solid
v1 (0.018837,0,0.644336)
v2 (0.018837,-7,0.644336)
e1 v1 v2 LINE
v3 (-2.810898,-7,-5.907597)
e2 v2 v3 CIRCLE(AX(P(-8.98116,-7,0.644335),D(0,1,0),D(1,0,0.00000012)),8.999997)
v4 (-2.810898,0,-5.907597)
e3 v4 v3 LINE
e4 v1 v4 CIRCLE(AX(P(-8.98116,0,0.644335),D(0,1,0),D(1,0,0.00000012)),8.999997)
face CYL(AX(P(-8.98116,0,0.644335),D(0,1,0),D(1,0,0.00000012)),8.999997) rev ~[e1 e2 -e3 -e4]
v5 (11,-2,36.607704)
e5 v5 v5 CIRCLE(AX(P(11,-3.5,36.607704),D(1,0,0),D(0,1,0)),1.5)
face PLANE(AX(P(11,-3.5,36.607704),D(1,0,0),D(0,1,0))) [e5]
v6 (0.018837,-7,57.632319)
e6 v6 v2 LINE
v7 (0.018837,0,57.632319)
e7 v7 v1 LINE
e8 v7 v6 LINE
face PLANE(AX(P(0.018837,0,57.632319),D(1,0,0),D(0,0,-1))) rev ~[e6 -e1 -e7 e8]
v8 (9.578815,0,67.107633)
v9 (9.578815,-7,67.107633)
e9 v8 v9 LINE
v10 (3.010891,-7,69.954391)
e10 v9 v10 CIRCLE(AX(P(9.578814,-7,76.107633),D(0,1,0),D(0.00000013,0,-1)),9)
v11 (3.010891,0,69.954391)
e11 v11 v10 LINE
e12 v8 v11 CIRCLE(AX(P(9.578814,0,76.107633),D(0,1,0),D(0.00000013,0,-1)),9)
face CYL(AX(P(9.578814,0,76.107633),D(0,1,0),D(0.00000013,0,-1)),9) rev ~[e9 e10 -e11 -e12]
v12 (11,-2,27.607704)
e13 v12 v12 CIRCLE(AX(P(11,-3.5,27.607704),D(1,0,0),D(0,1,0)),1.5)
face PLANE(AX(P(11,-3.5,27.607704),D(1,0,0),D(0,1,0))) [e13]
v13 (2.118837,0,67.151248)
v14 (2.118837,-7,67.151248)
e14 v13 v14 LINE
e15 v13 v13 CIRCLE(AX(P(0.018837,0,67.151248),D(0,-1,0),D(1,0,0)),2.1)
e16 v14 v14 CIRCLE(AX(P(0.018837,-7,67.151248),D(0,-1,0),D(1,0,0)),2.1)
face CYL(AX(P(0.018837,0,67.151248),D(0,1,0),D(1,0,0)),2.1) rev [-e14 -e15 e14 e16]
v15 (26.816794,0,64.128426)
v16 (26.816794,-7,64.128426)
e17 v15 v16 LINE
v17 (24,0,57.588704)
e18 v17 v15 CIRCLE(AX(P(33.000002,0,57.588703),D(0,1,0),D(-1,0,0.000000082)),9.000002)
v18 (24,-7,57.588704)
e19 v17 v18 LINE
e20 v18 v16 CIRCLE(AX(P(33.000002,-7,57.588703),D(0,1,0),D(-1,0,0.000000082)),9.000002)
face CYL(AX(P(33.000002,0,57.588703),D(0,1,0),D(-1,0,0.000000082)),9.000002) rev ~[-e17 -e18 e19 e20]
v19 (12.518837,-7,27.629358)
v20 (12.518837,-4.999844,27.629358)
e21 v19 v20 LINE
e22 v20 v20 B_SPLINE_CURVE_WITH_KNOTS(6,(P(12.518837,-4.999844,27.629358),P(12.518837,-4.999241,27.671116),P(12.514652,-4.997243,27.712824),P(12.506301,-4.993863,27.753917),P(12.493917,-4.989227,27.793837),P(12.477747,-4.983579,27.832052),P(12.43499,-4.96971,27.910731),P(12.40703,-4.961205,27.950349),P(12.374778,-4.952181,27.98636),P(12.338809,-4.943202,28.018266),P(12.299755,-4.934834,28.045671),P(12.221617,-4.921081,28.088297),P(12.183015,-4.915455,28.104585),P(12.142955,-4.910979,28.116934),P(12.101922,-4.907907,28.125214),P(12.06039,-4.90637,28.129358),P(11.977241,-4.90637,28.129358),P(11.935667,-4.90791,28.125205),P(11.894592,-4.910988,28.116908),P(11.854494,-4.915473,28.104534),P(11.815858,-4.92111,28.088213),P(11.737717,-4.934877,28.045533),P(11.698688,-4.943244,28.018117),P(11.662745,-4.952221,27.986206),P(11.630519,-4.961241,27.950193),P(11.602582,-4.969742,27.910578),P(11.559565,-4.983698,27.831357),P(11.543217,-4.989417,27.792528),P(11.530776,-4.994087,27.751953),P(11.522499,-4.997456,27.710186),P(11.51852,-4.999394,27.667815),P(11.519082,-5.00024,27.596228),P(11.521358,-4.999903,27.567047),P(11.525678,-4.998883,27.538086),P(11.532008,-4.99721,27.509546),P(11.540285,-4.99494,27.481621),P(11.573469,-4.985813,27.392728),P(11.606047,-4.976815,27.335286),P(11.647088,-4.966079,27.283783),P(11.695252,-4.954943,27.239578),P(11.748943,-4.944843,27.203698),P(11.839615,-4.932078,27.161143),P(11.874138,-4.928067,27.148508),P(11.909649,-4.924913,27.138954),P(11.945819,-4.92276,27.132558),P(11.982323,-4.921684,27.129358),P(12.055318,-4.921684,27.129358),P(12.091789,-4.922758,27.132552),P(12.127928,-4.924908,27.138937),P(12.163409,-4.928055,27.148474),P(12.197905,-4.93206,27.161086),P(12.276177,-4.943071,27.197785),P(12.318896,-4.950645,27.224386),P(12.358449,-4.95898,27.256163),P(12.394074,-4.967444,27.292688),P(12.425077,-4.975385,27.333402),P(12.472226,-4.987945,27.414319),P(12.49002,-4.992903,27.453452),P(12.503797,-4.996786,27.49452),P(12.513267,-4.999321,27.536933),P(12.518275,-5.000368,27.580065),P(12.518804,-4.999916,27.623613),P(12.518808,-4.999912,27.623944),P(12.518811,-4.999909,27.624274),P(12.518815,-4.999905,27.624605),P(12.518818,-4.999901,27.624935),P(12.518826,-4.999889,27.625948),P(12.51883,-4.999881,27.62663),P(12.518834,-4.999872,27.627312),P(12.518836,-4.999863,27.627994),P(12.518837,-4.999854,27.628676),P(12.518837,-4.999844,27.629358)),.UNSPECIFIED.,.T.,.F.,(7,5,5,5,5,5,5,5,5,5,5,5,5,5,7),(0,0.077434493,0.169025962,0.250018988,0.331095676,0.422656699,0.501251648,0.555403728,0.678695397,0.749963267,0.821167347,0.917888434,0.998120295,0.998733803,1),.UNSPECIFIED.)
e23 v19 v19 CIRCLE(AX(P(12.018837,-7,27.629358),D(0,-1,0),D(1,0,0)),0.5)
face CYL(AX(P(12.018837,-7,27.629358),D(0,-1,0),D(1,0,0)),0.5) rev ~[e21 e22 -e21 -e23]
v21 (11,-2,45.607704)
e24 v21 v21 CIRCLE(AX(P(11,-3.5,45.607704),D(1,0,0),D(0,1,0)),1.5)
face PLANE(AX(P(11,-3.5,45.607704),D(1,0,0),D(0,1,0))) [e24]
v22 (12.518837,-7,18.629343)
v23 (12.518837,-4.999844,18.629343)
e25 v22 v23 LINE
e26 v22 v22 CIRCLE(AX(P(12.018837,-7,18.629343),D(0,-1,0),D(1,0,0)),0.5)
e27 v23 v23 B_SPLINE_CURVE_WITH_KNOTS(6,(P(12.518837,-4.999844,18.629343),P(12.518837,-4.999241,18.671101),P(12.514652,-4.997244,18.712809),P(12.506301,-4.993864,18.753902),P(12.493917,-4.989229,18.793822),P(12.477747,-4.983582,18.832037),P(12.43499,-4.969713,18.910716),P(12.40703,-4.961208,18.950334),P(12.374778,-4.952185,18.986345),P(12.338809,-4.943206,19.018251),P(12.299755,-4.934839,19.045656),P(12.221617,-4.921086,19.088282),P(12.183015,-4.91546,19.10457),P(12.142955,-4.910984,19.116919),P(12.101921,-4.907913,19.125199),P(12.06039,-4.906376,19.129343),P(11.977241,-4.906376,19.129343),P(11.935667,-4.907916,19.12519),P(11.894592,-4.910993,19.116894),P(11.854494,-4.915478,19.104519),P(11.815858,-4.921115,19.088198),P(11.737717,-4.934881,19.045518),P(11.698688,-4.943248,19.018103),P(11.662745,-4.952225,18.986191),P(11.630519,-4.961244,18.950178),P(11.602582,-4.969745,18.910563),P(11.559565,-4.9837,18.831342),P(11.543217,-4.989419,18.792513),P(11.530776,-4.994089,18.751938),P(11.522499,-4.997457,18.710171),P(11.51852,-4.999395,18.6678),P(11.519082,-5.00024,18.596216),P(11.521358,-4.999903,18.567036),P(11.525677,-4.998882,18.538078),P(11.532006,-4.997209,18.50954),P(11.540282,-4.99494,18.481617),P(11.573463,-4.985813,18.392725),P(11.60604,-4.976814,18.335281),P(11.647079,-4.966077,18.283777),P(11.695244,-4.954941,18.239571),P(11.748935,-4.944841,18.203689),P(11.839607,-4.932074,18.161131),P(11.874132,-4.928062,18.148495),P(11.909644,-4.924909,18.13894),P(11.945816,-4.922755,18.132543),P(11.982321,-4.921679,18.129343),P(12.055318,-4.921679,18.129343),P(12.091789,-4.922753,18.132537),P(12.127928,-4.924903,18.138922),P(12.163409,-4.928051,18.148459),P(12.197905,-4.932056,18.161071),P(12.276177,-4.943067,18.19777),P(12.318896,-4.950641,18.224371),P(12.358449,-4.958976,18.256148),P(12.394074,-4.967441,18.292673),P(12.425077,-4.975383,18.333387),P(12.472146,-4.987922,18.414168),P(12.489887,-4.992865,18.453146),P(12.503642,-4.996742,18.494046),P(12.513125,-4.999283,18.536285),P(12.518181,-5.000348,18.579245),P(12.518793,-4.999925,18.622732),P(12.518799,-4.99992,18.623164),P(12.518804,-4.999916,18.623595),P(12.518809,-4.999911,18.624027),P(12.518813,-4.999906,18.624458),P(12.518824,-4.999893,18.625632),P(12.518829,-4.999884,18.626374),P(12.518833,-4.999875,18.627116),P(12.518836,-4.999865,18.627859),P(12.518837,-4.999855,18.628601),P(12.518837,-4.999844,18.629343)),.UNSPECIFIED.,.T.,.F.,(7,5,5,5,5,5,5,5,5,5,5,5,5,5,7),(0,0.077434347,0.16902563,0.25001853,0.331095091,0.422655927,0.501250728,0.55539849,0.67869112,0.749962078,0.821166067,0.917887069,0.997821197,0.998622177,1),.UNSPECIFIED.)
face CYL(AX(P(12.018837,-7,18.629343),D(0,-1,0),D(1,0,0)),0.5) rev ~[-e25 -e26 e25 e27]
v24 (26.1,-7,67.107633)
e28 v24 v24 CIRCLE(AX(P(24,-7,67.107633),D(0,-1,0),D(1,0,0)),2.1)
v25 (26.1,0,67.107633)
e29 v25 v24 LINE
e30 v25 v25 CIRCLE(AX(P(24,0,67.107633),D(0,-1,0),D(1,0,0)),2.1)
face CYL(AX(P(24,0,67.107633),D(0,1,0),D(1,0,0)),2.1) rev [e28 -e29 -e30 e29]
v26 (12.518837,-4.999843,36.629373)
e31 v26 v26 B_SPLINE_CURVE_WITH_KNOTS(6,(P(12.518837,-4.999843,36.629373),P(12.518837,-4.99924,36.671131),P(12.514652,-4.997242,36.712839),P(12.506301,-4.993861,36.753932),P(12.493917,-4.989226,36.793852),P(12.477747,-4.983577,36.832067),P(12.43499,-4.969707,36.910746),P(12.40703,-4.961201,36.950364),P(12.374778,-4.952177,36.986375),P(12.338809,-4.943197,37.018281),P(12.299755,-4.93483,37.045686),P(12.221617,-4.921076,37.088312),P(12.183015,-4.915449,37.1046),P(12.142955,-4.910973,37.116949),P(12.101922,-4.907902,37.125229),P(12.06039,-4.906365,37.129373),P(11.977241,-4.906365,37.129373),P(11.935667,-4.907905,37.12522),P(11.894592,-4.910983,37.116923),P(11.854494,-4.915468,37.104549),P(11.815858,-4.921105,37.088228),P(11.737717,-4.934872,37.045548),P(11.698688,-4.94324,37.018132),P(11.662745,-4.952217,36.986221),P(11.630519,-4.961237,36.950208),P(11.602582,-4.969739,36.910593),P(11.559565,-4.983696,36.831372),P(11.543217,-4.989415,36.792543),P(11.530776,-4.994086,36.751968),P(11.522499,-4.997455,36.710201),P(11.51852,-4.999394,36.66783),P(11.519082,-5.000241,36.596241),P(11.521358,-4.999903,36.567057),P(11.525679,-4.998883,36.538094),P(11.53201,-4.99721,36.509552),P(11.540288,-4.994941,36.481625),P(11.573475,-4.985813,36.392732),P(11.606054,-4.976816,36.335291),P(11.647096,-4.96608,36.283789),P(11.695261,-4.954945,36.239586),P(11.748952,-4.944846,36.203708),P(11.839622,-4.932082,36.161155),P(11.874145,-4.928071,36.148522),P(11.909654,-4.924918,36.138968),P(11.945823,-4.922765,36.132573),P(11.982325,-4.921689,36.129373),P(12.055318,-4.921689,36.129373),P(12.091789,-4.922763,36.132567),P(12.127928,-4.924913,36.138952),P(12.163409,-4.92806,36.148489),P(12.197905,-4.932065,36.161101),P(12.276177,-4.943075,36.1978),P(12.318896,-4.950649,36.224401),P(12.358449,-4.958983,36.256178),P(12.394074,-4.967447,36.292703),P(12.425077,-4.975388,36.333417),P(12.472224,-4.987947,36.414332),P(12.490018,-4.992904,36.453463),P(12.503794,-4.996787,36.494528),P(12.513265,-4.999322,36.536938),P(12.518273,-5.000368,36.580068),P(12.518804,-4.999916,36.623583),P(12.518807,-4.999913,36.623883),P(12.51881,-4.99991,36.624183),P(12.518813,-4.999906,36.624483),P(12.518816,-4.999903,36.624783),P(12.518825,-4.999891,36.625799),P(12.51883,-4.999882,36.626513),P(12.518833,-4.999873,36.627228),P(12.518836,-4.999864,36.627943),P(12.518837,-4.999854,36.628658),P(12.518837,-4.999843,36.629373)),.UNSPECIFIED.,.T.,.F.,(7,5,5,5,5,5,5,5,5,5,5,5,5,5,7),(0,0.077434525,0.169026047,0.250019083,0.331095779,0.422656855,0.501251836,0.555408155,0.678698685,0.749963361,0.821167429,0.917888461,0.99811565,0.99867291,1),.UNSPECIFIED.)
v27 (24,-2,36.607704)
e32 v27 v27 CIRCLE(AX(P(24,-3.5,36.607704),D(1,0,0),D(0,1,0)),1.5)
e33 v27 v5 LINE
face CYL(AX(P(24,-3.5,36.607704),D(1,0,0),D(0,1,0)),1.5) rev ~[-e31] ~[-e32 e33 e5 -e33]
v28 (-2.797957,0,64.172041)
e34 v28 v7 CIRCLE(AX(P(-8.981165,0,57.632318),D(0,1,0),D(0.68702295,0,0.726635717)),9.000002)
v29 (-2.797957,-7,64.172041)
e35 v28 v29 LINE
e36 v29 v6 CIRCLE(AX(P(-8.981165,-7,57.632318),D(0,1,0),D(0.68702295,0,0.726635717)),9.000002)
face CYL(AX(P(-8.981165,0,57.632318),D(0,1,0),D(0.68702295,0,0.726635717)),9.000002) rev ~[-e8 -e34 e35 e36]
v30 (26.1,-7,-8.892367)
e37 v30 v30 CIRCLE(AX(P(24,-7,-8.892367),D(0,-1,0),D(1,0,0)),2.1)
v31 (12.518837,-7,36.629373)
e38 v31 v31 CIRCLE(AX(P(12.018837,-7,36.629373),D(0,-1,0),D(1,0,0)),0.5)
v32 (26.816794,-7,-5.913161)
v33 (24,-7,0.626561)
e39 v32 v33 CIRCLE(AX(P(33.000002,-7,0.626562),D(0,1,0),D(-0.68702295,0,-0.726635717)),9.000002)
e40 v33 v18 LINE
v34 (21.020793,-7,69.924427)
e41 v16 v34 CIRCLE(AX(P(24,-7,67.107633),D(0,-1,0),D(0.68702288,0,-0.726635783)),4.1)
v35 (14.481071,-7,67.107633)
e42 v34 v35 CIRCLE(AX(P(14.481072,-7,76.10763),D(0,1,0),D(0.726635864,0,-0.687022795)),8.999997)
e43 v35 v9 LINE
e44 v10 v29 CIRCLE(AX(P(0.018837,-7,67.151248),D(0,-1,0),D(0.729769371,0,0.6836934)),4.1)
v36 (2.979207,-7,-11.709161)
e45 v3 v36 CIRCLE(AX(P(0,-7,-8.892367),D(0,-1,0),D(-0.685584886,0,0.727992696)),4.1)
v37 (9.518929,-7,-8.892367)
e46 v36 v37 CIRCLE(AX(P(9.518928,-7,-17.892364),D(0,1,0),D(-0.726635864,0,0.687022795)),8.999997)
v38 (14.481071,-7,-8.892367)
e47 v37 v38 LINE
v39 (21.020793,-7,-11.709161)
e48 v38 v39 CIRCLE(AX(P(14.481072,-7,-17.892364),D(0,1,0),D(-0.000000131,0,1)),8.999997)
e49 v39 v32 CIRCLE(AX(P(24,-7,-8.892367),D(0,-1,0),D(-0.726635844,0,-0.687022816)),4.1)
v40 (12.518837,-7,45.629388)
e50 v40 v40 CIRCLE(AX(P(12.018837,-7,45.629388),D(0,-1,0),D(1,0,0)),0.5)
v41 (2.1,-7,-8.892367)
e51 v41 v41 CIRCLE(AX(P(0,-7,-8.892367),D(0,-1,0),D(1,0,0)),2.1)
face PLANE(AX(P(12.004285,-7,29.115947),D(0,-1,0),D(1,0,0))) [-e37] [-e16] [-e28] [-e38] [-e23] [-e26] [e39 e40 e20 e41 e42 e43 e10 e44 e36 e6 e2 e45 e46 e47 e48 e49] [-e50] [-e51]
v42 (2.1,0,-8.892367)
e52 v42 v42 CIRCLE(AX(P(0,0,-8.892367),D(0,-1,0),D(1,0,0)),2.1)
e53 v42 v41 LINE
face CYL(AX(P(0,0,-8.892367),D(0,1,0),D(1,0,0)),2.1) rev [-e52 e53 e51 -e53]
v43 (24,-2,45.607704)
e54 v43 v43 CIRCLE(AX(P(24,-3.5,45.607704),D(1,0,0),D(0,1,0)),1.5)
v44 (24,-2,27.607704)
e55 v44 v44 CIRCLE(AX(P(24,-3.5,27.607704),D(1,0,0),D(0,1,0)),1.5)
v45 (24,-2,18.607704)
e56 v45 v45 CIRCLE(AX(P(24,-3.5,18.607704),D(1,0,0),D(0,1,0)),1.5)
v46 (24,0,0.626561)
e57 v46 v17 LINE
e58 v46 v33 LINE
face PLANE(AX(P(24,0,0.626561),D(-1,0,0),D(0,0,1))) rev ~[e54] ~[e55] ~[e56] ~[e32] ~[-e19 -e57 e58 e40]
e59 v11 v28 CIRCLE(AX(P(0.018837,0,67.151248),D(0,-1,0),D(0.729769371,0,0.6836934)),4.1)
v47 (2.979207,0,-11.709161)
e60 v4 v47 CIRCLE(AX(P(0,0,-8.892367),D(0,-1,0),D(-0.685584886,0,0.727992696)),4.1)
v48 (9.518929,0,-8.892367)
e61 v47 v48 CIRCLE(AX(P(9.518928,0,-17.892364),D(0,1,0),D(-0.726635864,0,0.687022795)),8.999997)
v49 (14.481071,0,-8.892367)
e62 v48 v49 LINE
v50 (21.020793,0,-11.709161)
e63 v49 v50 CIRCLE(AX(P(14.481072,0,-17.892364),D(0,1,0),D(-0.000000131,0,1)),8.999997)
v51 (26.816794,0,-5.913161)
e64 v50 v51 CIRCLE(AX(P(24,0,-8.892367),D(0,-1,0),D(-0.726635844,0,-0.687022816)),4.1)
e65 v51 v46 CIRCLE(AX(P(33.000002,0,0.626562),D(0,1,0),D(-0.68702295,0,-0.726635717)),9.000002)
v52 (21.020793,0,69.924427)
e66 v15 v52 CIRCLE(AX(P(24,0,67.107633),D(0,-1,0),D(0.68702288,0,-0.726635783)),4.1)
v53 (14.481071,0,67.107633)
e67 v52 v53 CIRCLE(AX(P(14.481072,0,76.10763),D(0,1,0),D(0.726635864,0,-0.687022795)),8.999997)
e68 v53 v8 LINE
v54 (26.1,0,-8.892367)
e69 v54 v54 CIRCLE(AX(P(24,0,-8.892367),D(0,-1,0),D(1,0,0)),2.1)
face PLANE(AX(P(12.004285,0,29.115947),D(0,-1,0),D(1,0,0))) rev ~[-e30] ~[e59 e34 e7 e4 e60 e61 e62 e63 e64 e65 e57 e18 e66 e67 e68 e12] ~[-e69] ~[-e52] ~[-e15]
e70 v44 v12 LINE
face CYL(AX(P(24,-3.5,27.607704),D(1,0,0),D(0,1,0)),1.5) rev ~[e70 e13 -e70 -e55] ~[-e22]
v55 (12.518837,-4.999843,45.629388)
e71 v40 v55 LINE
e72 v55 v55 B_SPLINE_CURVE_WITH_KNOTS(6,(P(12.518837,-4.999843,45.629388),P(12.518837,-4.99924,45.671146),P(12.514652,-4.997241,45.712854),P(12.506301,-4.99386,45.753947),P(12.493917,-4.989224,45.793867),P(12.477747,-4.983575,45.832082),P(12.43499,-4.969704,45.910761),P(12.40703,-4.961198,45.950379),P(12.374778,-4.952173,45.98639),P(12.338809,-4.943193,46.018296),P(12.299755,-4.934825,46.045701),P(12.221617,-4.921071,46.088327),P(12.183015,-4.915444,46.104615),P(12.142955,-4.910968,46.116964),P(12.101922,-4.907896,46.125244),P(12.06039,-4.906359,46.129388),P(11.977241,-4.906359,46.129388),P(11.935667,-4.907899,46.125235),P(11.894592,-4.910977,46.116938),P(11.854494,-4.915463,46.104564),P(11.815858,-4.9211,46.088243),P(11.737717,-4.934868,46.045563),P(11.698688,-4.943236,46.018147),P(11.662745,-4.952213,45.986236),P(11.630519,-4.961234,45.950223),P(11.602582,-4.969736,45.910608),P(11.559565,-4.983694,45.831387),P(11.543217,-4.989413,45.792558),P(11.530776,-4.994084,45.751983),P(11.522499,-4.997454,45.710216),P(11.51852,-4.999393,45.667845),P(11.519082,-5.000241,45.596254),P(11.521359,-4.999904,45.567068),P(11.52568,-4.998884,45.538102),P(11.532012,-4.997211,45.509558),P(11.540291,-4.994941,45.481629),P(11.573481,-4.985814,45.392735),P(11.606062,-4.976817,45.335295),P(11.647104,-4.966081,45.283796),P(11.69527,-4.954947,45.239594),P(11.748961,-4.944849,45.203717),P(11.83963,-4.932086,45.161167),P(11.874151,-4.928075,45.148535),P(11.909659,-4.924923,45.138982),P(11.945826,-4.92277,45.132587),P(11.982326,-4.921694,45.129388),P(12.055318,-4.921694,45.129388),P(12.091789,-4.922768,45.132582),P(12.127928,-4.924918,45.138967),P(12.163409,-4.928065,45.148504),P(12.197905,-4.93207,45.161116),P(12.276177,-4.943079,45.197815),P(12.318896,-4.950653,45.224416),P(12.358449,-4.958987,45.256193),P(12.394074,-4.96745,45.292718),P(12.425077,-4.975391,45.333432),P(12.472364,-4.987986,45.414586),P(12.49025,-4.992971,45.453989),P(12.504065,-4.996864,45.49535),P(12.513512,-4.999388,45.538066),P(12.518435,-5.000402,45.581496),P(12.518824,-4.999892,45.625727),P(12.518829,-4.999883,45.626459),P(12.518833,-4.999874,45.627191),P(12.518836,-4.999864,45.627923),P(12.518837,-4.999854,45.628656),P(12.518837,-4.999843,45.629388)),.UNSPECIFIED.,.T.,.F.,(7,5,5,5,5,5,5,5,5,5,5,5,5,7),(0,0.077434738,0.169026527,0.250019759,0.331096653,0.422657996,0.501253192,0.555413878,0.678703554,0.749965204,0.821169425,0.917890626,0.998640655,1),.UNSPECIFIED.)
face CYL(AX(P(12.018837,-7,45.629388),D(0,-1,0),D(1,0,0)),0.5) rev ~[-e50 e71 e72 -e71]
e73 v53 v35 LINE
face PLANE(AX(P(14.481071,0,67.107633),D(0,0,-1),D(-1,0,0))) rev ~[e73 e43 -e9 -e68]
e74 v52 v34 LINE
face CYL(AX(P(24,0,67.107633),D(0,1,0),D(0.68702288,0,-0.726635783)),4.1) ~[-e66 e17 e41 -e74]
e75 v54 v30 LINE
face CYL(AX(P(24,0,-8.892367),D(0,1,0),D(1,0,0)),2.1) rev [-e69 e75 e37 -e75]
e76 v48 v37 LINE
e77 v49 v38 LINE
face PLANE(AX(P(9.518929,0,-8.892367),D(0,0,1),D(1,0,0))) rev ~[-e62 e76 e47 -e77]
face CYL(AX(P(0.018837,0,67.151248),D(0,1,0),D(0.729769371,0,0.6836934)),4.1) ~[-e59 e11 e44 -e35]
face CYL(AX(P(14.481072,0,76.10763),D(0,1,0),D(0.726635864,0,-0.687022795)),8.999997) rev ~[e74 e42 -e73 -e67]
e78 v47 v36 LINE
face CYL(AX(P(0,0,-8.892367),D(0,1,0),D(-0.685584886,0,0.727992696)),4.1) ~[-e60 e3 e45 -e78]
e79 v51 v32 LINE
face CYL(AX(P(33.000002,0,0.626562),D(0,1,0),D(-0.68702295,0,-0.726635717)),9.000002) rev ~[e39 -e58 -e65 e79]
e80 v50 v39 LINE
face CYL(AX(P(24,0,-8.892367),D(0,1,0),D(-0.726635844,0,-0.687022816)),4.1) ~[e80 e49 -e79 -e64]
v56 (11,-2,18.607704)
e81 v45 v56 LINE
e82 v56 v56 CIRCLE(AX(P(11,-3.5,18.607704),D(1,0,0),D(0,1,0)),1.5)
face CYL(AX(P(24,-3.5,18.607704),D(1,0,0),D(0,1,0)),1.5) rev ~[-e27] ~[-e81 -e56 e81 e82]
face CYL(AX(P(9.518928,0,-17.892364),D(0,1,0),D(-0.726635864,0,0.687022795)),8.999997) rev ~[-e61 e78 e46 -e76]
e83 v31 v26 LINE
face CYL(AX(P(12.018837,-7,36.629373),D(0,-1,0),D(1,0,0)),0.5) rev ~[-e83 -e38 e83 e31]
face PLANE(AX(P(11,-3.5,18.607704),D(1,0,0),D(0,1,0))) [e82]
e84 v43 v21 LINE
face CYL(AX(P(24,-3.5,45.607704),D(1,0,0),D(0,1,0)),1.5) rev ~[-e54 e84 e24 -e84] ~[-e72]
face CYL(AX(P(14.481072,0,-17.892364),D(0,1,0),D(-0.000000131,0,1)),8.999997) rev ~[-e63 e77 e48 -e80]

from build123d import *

# Parameters (mm, degrees)
F0_R     = 2.1
F1_DEPTH = 7
F2_R     = 0.5
F3_DEPTH = 4
F4_R     = 1.5
F5_DEPTH = 13


with BuildPart() as f1:
    # F0 (on Front) → F1 (new body)
    with BuildSketch(Plane.XZ):
        with BuildLine():
            ThreePointArc((2.979207, -11.709161), (5.958651, -9.626508), (9.518929, -8.892367))
            Line((9.518929, -8.892367), (14.481071, -8.892367))
            ThreePointArc((14.481071, -8.892367), (18.041349, -9.626508), (21.020793, -11.709161))
            ThreePointArc((21.020793, -11.709161), (26.899138, -11.791505), (26.816794, -5.913161))
            ThreePointArc((26.816794, -5.913161), (24.734141, -2.933716), (24, 0.626561))
            Line((24, 0.626561), (24, 57.588704))
            ThreePointArc((24, 57.588704), (24.734141, 61.148981), (26.816794, 64.128426))
            ThreePointArc((26.816794, 64.128426), (26.899138, 70.006771), (21.020793, 69.924427))
            ThreePointArc((21.020793, 69.924427), (18.041349, 67.841774), (14.481071, 67.107633))
            Line((14.481071, 67.107633), (9.578815, 67.107633))
            ThreePointArc((9.578815, 67.107633), (5.999651, 67.849934), (3.010891, 69.954391))
            ThreePointArc((3.010891, 69.954391), (-2.873666, 70.057006), (-2.797957, 64.172041))
            ThreePointArc((-2.797957, 64.172041), (-0.715304, 61.192596), (0.018837, 57.632319))
            Line((0.018837, 57.632319), (0.018837, 0.644336))
            ThreePointArc((0.018837, 0.644336), (-0.718827, -2.92411), (-2.810898, -5.907597))
            ThreePointArc((-2.810898, -5.907597), (-2.902002, -11.788638), (2.979207, -11.709161))
        make_face()
        with Locations((0, -8.892367)):
            Circle(F0_R, mode=Mode.SUBTRACT)
        with Locations((24, -8.892367)):
            Circle(F0_R, mode=Mode.SUBTRACT)
        with Locations((0.018837, 67.151248)):
            Circle(F0_R, mode=Mode.SUBTRACT)
        with Locations((24, 67.107633)):
            Circle(F0_R, mode=Mode.SUBTRACT)
    extrude(amount=F1_DEPTH)

    # F2 (on face) → F3 (cut)
    with BuildSketch(Plane.XZ.offset(7)):
        with Locations((12.018837, 45.629388)):
            Circle(F2_R)
        with Locations((12.018837, 36.629373)):
            Circle(F2_R)
        with Locations((12.018837, 27.629358)):
            Circle(F2_R)
        with Locations((12.018837, 18.629343)):
            Circle(F2_R)
    extrude(amount=-F3_DEPTH, mode=Mode.SUBTRACT)

    # F4 (on face) → F5 (cut)
    with BuildSketch(Plane.YZ.offset(24)):
        with Locations((-3.5, 45.607704)):
            Circle(F4_R)
        with Locations((-3.5, 36.607704)):
            Circle(F4_R)
        with Locations((-3.5, 27.607704)):
            Circle(F4_R)
        with Locations((-3.5, 18.607704)):
            Circle(F4_R)
    extrude(amount=-F5_DEPTH, mode=Mode.SUBTRACT)


solid = f1.part
